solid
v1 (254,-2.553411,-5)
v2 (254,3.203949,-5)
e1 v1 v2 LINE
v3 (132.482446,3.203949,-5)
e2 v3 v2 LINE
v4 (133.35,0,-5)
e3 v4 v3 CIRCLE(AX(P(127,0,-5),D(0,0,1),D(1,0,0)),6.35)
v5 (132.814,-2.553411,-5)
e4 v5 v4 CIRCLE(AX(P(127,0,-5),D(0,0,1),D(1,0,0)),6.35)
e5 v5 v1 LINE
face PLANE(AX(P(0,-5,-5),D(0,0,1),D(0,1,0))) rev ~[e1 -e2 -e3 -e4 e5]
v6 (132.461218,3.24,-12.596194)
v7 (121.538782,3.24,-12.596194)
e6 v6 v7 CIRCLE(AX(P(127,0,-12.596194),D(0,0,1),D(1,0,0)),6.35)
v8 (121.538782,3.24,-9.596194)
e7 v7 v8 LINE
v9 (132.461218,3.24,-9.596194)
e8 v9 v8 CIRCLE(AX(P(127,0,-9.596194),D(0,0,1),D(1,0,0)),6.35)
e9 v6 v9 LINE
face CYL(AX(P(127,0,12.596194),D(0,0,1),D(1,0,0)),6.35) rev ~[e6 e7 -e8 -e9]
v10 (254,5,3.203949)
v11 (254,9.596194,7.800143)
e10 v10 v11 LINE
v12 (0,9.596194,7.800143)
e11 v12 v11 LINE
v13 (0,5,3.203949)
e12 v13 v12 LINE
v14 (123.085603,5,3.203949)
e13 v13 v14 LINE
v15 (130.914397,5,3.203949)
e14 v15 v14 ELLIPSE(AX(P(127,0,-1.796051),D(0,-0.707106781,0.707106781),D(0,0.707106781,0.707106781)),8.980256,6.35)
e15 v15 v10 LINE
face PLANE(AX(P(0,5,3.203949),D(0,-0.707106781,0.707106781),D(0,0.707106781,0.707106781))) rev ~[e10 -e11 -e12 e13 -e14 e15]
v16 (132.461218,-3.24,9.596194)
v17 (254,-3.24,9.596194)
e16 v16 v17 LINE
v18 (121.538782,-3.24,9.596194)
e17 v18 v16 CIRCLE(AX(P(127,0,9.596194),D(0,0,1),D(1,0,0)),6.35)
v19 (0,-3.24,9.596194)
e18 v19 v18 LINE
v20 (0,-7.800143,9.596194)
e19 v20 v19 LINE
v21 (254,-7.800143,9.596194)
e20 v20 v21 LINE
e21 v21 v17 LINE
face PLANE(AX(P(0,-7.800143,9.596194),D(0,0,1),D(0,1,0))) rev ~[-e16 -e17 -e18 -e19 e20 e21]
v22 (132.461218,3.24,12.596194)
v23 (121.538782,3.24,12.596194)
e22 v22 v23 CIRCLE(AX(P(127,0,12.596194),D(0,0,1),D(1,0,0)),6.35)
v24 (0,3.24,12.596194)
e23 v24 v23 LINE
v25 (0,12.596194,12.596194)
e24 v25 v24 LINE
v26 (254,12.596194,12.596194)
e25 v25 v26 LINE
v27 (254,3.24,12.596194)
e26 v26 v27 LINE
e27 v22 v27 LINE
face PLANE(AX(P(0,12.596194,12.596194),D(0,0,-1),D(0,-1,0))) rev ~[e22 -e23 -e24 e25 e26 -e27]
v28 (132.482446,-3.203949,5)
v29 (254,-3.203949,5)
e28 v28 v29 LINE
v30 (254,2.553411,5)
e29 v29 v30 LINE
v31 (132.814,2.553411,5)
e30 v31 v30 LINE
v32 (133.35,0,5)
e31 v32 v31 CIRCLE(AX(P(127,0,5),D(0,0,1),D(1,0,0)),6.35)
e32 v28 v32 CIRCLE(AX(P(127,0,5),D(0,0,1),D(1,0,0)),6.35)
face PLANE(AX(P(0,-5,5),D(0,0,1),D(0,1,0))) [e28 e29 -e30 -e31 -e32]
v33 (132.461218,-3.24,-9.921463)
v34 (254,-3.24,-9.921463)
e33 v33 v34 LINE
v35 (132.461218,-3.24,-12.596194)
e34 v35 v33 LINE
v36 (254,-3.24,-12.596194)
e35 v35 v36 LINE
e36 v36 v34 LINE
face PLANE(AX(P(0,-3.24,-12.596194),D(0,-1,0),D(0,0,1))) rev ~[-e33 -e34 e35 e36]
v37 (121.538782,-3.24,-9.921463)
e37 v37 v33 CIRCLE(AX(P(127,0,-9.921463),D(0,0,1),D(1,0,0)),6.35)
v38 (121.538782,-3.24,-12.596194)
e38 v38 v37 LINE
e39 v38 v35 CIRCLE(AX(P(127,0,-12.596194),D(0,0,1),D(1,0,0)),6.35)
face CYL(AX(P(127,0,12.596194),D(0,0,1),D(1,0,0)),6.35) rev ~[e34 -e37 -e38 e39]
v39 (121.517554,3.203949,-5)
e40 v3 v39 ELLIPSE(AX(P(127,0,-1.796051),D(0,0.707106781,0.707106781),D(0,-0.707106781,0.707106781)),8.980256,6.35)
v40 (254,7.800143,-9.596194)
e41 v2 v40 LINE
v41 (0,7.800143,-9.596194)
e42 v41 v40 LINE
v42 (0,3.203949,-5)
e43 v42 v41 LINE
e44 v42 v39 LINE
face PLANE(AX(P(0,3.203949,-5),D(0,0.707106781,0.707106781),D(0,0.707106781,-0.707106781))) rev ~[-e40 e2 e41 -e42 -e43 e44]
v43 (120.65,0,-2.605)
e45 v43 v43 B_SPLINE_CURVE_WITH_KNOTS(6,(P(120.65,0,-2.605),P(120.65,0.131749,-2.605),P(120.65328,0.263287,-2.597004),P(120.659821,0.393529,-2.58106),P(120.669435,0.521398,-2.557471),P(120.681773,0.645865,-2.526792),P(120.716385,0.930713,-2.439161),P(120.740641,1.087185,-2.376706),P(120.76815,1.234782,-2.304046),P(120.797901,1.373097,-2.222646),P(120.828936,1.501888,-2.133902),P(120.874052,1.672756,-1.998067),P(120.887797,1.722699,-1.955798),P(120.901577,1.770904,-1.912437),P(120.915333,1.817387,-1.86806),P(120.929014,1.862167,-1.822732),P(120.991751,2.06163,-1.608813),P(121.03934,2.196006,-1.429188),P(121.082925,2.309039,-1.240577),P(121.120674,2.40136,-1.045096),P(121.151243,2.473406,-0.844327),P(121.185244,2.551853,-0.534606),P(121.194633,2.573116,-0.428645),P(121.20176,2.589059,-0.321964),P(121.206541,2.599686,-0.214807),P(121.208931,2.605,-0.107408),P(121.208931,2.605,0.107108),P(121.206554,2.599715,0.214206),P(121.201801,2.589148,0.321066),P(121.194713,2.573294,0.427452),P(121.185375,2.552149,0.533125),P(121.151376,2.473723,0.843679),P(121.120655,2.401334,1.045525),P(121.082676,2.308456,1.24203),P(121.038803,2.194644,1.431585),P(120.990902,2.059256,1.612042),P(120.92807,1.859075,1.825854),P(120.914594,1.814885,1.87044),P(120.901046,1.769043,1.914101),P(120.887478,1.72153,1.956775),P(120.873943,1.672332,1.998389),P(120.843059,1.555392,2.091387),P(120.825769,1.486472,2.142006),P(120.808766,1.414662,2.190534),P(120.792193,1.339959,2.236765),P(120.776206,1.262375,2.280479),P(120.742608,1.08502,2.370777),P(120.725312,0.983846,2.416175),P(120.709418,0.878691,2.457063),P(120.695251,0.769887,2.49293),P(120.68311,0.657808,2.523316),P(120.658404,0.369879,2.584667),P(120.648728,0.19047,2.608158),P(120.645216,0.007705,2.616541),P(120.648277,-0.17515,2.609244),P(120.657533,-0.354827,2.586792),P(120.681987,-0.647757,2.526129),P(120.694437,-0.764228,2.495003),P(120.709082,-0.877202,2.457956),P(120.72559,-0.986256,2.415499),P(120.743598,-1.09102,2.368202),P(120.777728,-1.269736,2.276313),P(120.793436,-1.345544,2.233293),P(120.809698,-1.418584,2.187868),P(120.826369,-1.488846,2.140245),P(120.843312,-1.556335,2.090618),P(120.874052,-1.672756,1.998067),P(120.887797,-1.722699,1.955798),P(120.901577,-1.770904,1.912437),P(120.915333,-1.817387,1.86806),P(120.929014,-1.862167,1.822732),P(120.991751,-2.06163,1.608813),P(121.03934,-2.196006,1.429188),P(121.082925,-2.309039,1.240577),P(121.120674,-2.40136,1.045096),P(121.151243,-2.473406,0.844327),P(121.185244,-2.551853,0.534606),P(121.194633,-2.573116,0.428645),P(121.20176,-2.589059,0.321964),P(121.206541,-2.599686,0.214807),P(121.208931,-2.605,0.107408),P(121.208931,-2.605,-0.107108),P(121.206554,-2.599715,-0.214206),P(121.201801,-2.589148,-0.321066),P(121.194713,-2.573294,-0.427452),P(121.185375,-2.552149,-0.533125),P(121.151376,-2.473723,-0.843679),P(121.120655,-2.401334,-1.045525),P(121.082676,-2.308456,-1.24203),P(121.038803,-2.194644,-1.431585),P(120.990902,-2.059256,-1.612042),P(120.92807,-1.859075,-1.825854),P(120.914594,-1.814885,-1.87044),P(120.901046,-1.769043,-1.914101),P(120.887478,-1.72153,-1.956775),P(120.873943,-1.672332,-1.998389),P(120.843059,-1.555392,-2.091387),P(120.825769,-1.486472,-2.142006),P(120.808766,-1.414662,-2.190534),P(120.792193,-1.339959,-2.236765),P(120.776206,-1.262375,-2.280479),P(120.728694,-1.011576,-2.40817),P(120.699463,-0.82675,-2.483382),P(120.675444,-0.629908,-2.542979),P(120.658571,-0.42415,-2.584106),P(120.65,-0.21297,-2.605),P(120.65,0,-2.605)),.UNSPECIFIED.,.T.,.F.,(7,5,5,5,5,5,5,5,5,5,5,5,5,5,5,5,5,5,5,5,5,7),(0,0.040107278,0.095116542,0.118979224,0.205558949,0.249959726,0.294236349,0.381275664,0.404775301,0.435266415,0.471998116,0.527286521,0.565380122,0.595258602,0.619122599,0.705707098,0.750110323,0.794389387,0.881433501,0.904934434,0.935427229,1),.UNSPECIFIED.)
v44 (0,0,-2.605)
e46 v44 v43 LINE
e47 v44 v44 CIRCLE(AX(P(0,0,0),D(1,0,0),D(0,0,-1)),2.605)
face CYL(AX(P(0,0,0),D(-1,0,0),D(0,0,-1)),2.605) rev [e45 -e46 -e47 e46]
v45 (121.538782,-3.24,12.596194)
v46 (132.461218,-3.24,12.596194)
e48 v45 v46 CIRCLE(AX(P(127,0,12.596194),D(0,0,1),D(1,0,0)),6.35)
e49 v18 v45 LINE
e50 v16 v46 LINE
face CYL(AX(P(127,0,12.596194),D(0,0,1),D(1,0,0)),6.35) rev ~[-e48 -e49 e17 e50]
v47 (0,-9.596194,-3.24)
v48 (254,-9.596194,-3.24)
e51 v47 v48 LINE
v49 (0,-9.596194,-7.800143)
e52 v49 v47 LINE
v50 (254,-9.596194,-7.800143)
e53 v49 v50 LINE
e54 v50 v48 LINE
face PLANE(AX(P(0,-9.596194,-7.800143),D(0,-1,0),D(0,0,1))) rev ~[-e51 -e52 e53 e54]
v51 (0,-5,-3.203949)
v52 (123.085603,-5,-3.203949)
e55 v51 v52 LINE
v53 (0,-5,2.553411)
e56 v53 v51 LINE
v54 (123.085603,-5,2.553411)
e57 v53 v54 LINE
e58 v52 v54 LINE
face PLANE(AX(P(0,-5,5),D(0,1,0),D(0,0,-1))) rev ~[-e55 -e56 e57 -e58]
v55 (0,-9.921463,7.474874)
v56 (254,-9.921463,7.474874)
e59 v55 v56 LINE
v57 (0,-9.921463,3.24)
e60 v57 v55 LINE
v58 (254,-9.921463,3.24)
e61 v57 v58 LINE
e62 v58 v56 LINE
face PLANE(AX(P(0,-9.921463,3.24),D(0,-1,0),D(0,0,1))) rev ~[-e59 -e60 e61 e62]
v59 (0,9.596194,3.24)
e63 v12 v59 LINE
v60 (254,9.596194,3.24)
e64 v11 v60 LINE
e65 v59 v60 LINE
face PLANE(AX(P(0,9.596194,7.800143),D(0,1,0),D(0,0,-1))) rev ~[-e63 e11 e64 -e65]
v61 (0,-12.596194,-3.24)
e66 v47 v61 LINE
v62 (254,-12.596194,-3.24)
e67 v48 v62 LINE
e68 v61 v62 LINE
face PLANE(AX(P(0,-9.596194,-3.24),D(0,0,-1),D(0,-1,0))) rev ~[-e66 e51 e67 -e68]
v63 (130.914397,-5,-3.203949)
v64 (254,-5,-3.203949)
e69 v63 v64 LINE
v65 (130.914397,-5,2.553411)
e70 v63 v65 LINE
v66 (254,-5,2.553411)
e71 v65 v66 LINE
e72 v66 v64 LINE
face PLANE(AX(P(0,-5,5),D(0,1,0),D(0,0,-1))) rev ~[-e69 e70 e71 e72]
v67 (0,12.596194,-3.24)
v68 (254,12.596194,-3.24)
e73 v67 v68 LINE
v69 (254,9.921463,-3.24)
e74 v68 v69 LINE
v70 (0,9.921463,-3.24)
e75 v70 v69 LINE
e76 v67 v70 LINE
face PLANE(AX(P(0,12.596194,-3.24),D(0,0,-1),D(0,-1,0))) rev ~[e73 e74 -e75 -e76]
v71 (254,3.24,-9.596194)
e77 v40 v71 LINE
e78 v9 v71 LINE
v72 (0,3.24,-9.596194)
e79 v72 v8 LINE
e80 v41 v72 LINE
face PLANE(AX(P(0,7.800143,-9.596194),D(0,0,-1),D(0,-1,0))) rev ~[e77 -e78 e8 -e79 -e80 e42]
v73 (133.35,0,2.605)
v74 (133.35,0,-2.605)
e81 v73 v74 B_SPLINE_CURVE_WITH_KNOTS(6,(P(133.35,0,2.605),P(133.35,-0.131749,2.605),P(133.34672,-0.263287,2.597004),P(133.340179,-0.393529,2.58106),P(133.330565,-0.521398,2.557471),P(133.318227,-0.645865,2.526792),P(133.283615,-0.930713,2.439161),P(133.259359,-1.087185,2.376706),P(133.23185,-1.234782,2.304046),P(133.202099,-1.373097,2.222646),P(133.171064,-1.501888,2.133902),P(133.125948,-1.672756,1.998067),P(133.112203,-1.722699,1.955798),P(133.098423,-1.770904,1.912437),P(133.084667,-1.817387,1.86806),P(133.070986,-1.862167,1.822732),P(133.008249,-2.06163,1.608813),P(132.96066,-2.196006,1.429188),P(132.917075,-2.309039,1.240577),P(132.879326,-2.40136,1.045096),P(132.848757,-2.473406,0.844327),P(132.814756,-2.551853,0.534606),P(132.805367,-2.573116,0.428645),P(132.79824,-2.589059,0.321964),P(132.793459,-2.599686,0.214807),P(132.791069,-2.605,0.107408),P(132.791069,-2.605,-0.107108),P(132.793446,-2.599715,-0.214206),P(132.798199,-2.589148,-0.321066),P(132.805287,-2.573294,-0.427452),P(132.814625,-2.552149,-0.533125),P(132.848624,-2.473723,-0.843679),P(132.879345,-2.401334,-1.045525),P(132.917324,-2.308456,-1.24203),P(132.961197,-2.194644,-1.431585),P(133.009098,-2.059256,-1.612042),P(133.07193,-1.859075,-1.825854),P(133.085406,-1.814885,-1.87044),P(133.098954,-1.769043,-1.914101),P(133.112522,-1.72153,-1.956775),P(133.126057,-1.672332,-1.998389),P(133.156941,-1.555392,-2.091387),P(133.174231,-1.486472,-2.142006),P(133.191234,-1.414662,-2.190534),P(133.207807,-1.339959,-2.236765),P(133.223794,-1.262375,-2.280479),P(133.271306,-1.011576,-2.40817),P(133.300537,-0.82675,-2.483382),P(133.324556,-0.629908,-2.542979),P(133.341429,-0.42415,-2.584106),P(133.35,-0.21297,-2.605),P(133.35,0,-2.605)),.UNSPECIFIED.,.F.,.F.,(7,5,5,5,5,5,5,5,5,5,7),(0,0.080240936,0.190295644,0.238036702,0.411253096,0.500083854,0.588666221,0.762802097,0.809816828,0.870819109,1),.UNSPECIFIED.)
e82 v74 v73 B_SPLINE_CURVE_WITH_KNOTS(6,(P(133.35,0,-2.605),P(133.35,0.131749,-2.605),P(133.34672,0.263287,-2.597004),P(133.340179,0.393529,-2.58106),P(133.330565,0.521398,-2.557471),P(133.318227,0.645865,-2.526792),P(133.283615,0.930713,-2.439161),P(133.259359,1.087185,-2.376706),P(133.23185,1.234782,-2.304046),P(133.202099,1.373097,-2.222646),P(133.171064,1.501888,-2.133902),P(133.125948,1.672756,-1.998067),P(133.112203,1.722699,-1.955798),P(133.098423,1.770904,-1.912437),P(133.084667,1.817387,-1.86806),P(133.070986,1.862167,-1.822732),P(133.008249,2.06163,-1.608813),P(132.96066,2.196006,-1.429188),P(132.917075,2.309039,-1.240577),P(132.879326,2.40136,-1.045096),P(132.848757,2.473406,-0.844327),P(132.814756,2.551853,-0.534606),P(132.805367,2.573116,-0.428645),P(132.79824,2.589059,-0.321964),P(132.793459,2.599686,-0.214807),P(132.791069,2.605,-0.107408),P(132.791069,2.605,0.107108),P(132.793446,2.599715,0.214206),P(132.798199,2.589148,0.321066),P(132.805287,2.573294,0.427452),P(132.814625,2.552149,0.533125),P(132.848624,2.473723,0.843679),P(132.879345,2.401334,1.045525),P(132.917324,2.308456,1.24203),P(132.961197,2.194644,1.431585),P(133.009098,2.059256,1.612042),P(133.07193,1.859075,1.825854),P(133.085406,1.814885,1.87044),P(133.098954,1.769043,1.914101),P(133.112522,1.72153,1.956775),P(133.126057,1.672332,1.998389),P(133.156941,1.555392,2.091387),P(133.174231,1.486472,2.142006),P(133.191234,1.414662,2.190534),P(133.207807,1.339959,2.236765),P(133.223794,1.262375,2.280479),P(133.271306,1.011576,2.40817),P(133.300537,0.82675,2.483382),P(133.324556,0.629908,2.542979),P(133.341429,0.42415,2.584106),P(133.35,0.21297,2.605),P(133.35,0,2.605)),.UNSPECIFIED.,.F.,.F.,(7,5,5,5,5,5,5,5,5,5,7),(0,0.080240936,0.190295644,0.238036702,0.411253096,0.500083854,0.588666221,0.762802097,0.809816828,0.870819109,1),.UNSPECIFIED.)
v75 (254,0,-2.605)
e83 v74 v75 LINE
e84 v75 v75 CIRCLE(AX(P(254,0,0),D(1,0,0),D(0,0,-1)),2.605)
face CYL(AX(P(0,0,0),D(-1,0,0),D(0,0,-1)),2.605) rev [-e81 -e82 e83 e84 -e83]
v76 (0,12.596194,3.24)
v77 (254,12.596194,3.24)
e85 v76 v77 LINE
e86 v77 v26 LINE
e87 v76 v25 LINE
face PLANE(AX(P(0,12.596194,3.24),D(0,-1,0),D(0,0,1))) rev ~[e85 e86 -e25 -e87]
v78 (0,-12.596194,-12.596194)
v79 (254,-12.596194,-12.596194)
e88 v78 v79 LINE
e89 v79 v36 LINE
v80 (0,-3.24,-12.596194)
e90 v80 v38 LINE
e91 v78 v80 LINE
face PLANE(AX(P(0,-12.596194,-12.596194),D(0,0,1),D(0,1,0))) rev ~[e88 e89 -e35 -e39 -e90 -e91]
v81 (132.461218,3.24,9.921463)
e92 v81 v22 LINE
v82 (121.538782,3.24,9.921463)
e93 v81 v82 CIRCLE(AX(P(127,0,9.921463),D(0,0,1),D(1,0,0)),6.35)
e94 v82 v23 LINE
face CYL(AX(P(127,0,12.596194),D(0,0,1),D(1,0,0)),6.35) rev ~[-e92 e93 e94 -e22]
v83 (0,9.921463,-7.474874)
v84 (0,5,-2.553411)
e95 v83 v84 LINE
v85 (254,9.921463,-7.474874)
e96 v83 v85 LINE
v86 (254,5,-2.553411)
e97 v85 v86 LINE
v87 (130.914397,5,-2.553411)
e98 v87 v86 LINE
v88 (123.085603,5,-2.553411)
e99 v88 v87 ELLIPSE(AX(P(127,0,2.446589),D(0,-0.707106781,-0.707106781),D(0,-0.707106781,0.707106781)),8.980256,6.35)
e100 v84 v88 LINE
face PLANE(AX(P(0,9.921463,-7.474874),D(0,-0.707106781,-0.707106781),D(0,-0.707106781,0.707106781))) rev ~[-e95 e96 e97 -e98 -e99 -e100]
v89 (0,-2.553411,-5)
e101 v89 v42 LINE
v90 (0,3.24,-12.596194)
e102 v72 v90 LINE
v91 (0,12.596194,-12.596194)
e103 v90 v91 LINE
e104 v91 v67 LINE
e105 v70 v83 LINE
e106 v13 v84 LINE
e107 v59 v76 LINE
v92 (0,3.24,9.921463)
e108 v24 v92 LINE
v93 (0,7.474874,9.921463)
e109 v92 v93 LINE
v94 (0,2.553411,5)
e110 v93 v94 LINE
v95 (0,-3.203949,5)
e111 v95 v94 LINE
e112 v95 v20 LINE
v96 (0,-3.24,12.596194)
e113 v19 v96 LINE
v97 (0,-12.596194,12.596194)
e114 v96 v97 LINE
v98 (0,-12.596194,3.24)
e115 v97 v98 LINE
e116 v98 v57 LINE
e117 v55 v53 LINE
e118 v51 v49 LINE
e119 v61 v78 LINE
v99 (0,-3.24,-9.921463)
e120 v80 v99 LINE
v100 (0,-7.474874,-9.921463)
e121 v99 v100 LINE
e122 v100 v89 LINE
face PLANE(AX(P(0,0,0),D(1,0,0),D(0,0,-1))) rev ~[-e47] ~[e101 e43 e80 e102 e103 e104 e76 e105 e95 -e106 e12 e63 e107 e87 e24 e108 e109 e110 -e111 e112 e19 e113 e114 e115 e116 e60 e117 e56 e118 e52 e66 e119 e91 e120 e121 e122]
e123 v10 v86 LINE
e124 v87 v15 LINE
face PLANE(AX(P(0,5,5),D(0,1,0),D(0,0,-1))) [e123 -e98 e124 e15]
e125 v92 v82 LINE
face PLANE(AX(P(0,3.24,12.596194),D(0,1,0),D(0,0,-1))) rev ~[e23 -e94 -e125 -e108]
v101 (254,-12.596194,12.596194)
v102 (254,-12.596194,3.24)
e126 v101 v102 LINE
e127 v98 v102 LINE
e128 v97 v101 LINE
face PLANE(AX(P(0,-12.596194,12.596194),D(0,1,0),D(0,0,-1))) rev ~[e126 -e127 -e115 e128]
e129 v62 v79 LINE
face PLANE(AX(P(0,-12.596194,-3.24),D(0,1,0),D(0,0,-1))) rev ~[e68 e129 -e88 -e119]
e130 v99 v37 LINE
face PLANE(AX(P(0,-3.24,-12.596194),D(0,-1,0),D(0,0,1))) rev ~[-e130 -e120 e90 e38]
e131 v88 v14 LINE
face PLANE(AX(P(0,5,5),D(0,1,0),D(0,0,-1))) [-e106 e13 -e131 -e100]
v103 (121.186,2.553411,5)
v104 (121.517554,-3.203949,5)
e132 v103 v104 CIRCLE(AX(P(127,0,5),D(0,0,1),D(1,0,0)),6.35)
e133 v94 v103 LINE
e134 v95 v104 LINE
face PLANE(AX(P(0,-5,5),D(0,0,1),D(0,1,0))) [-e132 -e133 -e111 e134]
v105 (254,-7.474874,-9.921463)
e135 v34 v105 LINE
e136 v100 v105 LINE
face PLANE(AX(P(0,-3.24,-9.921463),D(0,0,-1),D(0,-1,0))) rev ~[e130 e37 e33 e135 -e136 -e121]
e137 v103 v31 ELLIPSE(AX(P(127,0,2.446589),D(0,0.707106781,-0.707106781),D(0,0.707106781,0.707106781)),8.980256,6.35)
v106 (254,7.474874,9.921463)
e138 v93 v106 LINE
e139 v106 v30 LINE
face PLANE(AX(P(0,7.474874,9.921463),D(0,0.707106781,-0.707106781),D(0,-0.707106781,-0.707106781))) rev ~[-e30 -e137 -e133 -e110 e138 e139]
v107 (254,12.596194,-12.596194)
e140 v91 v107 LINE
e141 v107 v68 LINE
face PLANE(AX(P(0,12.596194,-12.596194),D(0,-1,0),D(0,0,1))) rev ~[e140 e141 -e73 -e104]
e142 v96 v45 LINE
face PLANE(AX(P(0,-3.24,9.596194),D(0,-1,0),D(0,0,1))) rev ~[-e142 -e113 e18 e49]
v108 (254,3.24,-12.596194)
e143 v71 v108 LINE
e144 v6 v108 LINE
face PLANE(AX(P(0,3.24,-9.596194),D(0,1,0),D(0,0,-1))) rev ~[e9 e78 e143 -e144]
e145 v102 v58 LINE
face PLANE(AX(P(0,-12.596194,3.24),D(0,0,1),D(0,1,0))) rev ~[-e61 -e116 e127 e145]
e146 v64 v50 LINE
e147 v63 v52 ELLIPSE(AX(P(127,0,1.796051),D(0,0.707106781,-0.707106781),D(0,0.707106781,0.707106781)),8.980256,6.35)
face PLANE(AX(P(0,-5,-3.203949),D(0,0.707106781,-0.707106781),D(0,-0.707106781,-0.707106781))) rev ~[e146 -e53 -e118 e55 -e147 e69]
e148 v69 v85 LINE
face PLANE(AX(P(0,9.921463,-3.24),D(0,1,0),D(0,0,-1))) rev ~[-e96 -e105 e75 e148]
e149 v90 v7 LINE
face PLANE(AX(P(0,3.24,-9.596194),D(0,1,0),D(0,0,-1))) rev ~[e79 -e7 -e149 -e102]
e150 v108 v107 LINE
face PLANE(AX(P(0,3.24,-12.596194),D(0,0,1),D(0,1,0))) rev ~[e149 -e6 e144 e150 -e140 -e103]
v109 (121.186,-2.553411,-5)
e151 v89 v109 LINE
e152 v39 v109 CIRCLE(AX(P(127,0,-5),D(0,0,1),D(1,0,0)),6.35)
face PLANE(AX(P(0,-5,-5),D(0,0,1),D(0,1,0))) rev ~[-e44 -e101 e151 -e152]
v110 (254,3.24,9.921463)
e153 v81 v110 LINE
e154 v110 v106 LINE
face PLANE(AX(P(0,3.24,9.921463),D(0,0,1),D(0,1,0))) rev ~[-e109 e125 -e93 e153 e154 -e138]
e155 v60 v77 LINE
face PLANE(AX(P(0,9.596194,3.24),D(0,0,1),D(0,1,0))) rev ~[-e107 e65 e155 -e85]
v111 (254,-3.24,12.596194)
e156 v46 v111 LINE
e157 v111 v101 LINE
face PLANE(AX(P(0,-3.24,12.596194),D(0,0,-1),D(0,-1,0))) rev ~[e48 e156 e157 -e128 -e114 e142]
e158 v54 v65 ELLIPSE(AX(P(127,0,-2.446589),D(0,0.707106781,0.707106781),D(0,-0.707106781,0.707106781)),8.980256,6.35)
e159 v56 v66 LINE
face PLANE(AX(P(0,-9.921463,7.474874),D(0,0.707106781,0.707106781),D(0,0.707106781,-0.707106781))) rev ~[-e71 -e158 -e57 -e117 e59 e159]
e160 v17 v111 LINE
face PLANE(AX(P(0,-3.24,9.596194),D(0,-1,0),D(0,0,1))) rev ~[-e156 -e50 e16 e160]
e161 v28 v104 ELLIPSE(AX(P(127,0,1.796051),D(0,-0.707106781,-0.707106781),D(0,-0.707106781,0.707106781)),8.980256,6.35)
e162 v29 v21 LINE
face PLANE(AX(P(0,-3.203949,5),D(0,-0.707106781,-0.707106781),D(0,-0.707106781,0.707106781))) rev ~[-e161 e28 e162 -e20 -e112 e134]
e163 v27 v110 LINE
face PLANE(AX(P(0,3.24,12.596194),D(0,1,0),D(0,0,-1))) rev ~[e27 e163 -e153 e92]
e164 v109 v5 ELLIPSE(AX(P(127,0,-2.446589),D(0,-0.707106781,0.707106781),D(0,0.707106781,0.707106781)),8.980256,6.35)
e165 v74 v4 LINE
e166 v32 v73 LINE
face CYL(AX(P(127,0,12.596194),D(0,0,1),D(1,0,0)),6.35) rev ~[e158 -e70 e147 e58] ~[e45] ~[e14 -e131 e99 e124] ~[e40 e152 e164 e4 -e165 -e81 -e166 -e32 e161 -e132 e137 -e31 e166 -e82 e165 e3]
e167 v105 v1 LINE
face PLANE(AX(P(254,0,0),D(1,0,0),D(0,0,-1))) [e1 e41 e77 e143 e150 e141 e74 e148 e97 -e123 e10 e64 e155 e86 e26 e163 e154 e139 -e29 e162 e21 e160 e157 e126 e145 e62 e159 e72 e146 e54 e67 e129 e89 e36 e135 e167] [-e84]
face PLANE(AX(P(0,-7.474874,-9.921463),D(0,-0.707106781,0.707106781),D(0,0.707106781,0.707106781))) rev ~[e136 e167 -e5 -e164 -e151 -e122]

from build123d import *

# Parameters (mm, degrees)
SKETCH1_R           = 2.605
BOSS_EXTRUDE1_DEPTH = 254
CIRPATTERN1_COUNT   = 4
SKETCH2_R           = 6.35
CUT_EXTRUDE1_DEPTH  = 30


with BuildPart() as part:
    # Sketch1 → Boss-Extrude1 (new body)
    with BuildSketch(Plane(origin=(0, 0, 0), x_dir=(0, 0, -1), z_dir=(1, 0, 0))):
        Polygon((5, -5), (5, 3.203948776), (9.596194078, 7.800142853), (9.596194078, 3.24), (12.596194078, 3.24), (12.596194078, 12.596194078), (3.24, 12.596194078), (3.24, 9.921463197), (7.474873734, 9.921463197), (2.553410537, 5), (-5, 5), (-5, -5), align=None)
        Circle(SKETCH1_R, mode=Mode.SUBTRACT)
    boss_extrude1 = extrude(amount=BOSS_EXTRUDE1_DEPTH)

    # CirPattern1: Boss-Extrude1 ×4 about axis
    cirpattern1_axis = Axis((0, 0, 0), (1, 0, 0))
    for i in range(1, CIRPATTERN1_COUNT):
        add(boss_extrude1.rotate(cirpattern1_axis, i * 360 / CIRPATTERN1_COUNT))

    # Sketch2 → Cut-Extrude1 (cut)
    with BuildSketch(Plane.XY.offset(12.596194078)):
        with Locations((127, 0)):
            Circle(SKETCH2_R)
    extrude(amount=-CUT_EXTRUDE1_DEPTH, mode=Mode.SUBTRACT)


solid = part.part
